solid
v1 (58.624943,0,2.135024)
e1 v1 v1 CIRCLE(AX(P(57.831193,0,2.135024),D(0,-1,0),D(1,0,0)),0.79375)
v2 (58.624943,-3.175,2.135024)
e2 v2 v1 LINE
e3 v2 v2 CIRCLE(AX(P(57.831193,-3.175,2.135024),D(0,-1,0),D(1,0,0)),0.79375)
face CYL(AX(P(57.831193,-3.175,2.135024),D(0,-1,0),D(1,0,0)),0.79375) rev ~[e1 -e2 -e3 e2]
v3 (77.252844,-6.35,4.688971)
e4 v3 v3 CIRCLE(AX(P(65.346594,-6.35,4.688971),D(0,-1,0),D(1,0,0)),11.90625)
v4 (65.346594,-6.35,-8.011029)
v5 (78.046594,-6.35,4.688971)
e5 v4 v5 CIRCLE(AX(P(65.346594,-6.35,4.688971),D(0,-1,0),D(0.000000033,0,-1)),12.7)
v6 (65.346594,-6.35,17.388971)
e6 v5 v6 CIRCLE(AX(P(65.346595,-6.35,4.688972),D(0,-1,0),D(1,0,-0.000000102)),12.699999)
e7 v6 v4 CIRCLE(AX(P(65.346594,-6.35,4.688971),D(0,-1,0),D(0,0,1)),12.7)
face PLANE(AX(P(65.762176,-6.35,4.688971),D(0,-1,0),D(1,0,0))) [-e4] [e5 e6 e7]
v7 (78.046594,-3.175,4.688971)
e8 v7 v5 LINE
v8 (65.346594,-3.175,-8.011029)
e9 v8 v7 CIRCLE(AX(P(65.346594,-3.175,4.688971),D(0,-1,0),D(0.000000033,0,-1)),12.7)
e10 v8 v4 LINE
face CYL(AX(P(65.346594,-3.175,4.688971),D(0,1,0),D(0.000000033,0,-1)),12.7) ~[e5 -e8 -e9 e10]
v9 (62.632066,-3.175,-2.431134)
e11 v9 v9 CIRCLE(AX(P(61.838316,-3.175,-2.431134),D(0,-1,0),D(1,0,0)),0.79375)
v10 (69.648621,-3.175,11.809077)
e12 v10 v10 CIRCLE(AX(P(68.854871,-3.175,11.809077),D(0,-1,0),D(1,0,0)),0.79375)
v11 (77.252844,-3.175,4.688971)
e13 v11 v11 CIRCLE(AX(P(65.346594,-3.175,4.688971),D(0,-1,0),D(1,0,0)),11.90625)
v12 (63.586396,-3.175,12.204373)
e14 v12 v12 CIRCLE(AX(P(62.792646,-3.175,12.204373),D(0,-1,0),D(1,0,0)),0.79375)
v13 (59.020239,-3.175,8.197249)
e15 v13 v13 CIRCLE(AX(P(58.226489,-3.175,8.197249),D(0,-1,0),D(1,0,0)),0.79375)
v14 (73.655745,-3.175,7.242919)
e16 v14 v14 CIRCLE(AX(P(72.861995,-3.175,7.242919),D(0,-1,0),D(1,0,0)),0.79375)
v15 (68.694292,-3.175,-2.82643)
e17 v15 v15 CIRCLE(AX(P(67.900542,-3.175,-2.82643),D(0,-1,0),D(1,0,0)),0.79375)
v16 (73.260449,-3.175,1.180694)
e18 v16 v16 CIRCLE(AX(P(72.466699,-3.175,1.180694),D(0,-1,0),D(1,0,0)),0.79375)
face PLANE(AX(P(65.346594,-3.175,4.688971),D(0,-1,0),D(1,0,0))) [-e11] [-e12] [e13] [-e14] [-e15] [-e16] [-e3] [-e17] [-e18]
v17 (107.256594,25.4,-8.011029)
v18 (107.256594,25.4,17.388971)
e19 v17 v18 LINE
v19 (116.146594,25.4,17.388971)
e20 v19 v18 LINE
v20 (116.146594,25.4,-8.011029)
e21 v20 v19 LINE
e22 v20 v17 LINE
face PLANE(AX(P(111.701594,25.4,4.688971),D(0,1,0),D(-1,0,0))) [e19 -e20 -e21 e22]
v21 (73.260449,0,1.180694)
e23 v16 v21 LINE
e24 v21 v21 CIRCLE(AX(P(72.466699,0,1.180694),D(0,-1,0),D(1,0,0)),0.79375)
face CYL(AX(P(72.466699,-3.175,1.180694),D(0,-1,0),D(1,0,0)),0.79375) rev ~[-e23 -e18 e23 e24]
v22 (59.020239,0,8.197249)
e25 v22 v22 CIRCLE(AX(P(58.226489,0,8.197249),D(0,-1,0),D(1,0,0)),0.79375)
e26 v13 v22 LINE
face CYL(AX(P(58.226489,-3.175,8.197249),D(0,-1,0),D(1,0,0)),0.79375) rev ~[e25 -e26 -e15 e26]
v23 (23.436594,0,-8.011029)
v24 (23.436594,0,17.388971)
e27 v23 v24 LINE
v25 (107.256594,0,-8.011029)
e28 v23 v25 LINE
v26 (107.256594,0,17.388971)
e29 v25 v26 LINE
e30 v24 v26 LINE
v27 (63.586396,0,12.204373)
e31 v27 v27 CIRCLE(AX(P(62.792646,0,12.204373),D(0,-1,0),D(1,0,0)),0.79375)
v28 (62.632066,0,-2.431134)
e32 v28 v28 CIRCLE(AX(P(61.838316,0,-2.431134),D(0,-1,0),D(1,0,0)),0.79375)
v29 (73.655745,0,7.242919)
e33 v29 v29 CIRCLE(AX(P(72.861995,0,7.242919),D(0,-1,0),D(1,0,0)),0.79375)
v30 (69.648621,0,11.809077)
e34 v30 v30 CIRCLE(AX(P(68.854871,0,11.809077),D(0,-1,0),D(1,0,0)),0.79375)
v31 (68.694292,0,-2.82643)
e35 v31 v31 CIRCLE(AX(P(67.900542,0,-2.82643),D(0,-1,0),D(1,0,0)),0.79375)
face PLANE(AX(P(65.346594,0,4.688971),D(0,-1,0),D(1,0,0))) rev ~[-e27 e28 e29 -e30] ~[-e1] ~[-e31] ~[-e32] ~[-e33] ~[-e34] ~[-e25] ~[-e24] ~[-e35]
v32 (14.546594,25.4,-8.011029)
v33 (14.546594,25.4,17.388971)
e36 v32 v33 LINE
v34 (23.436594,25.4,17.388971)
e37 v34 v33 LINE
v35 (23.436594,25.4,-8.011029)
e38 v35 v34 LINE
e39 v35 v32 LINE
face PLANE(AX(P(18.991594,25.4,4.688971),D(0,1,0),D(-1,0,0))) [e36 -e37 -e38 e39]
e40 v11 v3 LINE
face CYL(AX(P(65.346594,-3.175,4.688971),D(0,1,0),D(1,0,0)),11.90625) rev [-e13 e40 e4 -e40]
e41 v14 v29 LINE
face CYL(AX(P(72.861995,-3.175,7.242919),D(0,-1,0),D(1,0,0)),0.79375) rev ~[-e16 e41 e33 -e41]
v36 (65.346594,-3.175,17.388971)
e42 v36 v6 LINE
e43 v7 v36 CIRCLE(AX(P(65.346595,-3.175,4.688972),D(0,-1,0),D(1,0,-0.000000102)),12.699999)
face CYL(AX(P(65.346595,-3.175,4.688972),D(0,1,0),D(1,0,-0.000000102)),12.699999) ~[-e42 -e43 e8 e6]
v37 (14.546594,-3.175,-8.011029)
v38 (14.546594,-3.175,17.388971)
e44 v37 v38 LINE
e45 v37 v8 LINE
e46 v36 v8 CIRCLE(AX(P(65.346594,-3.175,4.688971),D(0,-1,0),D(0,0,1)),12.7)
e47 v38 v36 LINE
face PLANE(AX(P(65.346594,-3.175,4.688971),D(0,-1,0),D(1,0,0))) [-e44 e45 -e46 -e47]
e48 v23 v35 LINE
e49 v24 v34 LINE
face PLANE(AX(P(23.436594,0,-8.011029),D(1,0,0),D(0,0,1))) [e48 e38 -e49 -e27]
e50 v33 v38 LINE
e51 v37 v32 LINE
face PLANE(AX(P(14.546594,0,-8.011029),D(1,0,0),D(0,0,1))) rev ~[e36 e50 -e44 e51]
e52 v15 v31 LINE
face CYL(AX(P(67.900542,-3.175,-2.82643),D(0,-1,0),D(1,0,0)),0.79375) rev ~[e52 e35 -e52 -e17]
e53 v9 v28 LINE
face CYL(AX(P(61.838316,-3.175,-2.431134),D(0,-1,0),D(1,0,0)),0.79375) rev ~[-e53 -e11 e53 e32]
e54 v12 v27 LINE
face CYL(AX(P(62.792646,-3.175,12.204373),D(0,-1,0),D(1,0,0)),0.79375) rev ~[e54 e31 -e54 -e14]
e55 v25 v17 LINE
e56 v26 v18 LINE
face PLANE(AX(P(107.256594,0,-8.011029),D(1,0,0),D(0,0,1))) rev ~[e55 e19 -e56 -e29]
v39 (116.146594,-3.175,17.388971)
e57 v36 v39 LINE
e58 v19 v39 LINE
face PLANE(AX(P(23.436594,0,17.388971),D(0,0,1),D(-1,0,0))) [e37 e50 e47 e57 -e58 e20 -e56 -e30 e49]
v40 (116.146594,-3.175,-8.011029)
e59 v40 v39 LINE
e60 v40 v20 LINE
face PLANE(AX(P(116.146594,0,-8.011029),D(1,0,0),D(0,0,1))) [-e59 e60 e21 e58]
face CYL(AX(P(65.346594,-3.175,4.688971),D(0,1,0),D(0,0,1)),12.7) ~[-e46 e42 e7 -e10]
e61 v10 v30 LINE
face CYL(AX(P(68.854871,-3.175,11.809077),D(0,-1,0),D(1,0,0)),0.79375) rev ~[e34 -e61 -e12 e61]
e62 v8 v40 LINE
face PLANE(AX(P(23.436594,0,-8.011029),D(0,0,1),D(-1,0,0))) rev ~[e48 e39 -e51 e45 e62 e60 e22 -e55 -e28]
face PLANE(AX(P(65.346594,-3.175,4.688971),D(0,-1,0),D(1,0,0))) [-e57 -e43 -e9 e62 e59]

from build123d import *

# Parameters (mm, degrees)
F0_W     = 101.6
F0_H     = 25.4
F1_DEPTH = 3.175
F2_W     = 8.89
F2_H     = 25.4
F3_DEPTH = 25.4
F4_DEPTH = 25.4
F5_R     = 11.90625
F6_DEPTH = 3.175
F7_R     = 0.79375
F8_DEPTH = 25.4


with BuildPart() as f1:
    # F0 (on Front) → F1 (new body)
    with BuildSketch(Plane.XZ):
        with Locations((65.346594, 4.688971)):
            Rectangle(F0_W, F0_H)
    extrude(amount=F1_DEPTH)

    # F2 (on face) → F3 (join)
    with BuildSketch(Plane(origin=(0, 0, 0), x_dir=(-1, 0, 0), z_dir=(0, 1, 0))):
        with Locations((-111.701594, 4.688971)):
            Rectangle(F2_W, F2_H)
    extrude(amount=F3_DEPTH)

    # F2 (on face) → F4 (join)
    with BuildSketch(Plane(origin=(0, 0, 0), x_dir=(-1, 0, 0), z_dir=(0, 1, 0))):
        with Locations((-18.991594, 4.688971)):
            Rectangle(F2_W, F2_H)
    extrude(amount=F4_DEPTH)

    # F5 (on face) → F6 (join)
    with BuildSketch(Plane.XZ.offset(3.175)):
        with BuildLine():
            ThreePointArc((65.346594, -8.011029), (74.32685, -4.291285), (78.046594, 4.688971))
            ThreePointArc((78.046594, 4.688971), (74.32685, 13.669228), (65.346594, 17.388971))
            ThreePointArc((65.346594, 17.388971), (52.646594, 4.688971), (65.346594, -8.011029))
        make_face()
        with Locations((65.346594, 4.688971)):
            Circle(F5_R, mode=Mode.SUBTRACT)
    extrude(amount=F6_DEPTH)

    # F7 (on face) → F8 (cut)
    with BuildSketch(Plane.XZ.offset(3.175)):
        with Locations((58.226489, 8.197249)):
            Circle(F7_R)
        with Locations((62.792646, 12.204373)):
            Circle(F7_R)
        with Locations((68.854871, 11.809077)):
            Circle(F7_R)
        with Locations((72.861995, 7.242919)):
            Circle(F7_R)
        with Locations((72.466699, 1.180694)):
            Circle(F7_R)
        with Locations((67.900542, -2.82643)):
            Circle(F7_R)
        with Locations((61.838316, -2.431134)):
            Circle(F7_R)
        with Locations((57.831193, 2.135024)):
            Circle(F7_R)
    extrude(amount=-F8_DEPTH, mode=Mode.SUBTRACT)


solid = f1.part
